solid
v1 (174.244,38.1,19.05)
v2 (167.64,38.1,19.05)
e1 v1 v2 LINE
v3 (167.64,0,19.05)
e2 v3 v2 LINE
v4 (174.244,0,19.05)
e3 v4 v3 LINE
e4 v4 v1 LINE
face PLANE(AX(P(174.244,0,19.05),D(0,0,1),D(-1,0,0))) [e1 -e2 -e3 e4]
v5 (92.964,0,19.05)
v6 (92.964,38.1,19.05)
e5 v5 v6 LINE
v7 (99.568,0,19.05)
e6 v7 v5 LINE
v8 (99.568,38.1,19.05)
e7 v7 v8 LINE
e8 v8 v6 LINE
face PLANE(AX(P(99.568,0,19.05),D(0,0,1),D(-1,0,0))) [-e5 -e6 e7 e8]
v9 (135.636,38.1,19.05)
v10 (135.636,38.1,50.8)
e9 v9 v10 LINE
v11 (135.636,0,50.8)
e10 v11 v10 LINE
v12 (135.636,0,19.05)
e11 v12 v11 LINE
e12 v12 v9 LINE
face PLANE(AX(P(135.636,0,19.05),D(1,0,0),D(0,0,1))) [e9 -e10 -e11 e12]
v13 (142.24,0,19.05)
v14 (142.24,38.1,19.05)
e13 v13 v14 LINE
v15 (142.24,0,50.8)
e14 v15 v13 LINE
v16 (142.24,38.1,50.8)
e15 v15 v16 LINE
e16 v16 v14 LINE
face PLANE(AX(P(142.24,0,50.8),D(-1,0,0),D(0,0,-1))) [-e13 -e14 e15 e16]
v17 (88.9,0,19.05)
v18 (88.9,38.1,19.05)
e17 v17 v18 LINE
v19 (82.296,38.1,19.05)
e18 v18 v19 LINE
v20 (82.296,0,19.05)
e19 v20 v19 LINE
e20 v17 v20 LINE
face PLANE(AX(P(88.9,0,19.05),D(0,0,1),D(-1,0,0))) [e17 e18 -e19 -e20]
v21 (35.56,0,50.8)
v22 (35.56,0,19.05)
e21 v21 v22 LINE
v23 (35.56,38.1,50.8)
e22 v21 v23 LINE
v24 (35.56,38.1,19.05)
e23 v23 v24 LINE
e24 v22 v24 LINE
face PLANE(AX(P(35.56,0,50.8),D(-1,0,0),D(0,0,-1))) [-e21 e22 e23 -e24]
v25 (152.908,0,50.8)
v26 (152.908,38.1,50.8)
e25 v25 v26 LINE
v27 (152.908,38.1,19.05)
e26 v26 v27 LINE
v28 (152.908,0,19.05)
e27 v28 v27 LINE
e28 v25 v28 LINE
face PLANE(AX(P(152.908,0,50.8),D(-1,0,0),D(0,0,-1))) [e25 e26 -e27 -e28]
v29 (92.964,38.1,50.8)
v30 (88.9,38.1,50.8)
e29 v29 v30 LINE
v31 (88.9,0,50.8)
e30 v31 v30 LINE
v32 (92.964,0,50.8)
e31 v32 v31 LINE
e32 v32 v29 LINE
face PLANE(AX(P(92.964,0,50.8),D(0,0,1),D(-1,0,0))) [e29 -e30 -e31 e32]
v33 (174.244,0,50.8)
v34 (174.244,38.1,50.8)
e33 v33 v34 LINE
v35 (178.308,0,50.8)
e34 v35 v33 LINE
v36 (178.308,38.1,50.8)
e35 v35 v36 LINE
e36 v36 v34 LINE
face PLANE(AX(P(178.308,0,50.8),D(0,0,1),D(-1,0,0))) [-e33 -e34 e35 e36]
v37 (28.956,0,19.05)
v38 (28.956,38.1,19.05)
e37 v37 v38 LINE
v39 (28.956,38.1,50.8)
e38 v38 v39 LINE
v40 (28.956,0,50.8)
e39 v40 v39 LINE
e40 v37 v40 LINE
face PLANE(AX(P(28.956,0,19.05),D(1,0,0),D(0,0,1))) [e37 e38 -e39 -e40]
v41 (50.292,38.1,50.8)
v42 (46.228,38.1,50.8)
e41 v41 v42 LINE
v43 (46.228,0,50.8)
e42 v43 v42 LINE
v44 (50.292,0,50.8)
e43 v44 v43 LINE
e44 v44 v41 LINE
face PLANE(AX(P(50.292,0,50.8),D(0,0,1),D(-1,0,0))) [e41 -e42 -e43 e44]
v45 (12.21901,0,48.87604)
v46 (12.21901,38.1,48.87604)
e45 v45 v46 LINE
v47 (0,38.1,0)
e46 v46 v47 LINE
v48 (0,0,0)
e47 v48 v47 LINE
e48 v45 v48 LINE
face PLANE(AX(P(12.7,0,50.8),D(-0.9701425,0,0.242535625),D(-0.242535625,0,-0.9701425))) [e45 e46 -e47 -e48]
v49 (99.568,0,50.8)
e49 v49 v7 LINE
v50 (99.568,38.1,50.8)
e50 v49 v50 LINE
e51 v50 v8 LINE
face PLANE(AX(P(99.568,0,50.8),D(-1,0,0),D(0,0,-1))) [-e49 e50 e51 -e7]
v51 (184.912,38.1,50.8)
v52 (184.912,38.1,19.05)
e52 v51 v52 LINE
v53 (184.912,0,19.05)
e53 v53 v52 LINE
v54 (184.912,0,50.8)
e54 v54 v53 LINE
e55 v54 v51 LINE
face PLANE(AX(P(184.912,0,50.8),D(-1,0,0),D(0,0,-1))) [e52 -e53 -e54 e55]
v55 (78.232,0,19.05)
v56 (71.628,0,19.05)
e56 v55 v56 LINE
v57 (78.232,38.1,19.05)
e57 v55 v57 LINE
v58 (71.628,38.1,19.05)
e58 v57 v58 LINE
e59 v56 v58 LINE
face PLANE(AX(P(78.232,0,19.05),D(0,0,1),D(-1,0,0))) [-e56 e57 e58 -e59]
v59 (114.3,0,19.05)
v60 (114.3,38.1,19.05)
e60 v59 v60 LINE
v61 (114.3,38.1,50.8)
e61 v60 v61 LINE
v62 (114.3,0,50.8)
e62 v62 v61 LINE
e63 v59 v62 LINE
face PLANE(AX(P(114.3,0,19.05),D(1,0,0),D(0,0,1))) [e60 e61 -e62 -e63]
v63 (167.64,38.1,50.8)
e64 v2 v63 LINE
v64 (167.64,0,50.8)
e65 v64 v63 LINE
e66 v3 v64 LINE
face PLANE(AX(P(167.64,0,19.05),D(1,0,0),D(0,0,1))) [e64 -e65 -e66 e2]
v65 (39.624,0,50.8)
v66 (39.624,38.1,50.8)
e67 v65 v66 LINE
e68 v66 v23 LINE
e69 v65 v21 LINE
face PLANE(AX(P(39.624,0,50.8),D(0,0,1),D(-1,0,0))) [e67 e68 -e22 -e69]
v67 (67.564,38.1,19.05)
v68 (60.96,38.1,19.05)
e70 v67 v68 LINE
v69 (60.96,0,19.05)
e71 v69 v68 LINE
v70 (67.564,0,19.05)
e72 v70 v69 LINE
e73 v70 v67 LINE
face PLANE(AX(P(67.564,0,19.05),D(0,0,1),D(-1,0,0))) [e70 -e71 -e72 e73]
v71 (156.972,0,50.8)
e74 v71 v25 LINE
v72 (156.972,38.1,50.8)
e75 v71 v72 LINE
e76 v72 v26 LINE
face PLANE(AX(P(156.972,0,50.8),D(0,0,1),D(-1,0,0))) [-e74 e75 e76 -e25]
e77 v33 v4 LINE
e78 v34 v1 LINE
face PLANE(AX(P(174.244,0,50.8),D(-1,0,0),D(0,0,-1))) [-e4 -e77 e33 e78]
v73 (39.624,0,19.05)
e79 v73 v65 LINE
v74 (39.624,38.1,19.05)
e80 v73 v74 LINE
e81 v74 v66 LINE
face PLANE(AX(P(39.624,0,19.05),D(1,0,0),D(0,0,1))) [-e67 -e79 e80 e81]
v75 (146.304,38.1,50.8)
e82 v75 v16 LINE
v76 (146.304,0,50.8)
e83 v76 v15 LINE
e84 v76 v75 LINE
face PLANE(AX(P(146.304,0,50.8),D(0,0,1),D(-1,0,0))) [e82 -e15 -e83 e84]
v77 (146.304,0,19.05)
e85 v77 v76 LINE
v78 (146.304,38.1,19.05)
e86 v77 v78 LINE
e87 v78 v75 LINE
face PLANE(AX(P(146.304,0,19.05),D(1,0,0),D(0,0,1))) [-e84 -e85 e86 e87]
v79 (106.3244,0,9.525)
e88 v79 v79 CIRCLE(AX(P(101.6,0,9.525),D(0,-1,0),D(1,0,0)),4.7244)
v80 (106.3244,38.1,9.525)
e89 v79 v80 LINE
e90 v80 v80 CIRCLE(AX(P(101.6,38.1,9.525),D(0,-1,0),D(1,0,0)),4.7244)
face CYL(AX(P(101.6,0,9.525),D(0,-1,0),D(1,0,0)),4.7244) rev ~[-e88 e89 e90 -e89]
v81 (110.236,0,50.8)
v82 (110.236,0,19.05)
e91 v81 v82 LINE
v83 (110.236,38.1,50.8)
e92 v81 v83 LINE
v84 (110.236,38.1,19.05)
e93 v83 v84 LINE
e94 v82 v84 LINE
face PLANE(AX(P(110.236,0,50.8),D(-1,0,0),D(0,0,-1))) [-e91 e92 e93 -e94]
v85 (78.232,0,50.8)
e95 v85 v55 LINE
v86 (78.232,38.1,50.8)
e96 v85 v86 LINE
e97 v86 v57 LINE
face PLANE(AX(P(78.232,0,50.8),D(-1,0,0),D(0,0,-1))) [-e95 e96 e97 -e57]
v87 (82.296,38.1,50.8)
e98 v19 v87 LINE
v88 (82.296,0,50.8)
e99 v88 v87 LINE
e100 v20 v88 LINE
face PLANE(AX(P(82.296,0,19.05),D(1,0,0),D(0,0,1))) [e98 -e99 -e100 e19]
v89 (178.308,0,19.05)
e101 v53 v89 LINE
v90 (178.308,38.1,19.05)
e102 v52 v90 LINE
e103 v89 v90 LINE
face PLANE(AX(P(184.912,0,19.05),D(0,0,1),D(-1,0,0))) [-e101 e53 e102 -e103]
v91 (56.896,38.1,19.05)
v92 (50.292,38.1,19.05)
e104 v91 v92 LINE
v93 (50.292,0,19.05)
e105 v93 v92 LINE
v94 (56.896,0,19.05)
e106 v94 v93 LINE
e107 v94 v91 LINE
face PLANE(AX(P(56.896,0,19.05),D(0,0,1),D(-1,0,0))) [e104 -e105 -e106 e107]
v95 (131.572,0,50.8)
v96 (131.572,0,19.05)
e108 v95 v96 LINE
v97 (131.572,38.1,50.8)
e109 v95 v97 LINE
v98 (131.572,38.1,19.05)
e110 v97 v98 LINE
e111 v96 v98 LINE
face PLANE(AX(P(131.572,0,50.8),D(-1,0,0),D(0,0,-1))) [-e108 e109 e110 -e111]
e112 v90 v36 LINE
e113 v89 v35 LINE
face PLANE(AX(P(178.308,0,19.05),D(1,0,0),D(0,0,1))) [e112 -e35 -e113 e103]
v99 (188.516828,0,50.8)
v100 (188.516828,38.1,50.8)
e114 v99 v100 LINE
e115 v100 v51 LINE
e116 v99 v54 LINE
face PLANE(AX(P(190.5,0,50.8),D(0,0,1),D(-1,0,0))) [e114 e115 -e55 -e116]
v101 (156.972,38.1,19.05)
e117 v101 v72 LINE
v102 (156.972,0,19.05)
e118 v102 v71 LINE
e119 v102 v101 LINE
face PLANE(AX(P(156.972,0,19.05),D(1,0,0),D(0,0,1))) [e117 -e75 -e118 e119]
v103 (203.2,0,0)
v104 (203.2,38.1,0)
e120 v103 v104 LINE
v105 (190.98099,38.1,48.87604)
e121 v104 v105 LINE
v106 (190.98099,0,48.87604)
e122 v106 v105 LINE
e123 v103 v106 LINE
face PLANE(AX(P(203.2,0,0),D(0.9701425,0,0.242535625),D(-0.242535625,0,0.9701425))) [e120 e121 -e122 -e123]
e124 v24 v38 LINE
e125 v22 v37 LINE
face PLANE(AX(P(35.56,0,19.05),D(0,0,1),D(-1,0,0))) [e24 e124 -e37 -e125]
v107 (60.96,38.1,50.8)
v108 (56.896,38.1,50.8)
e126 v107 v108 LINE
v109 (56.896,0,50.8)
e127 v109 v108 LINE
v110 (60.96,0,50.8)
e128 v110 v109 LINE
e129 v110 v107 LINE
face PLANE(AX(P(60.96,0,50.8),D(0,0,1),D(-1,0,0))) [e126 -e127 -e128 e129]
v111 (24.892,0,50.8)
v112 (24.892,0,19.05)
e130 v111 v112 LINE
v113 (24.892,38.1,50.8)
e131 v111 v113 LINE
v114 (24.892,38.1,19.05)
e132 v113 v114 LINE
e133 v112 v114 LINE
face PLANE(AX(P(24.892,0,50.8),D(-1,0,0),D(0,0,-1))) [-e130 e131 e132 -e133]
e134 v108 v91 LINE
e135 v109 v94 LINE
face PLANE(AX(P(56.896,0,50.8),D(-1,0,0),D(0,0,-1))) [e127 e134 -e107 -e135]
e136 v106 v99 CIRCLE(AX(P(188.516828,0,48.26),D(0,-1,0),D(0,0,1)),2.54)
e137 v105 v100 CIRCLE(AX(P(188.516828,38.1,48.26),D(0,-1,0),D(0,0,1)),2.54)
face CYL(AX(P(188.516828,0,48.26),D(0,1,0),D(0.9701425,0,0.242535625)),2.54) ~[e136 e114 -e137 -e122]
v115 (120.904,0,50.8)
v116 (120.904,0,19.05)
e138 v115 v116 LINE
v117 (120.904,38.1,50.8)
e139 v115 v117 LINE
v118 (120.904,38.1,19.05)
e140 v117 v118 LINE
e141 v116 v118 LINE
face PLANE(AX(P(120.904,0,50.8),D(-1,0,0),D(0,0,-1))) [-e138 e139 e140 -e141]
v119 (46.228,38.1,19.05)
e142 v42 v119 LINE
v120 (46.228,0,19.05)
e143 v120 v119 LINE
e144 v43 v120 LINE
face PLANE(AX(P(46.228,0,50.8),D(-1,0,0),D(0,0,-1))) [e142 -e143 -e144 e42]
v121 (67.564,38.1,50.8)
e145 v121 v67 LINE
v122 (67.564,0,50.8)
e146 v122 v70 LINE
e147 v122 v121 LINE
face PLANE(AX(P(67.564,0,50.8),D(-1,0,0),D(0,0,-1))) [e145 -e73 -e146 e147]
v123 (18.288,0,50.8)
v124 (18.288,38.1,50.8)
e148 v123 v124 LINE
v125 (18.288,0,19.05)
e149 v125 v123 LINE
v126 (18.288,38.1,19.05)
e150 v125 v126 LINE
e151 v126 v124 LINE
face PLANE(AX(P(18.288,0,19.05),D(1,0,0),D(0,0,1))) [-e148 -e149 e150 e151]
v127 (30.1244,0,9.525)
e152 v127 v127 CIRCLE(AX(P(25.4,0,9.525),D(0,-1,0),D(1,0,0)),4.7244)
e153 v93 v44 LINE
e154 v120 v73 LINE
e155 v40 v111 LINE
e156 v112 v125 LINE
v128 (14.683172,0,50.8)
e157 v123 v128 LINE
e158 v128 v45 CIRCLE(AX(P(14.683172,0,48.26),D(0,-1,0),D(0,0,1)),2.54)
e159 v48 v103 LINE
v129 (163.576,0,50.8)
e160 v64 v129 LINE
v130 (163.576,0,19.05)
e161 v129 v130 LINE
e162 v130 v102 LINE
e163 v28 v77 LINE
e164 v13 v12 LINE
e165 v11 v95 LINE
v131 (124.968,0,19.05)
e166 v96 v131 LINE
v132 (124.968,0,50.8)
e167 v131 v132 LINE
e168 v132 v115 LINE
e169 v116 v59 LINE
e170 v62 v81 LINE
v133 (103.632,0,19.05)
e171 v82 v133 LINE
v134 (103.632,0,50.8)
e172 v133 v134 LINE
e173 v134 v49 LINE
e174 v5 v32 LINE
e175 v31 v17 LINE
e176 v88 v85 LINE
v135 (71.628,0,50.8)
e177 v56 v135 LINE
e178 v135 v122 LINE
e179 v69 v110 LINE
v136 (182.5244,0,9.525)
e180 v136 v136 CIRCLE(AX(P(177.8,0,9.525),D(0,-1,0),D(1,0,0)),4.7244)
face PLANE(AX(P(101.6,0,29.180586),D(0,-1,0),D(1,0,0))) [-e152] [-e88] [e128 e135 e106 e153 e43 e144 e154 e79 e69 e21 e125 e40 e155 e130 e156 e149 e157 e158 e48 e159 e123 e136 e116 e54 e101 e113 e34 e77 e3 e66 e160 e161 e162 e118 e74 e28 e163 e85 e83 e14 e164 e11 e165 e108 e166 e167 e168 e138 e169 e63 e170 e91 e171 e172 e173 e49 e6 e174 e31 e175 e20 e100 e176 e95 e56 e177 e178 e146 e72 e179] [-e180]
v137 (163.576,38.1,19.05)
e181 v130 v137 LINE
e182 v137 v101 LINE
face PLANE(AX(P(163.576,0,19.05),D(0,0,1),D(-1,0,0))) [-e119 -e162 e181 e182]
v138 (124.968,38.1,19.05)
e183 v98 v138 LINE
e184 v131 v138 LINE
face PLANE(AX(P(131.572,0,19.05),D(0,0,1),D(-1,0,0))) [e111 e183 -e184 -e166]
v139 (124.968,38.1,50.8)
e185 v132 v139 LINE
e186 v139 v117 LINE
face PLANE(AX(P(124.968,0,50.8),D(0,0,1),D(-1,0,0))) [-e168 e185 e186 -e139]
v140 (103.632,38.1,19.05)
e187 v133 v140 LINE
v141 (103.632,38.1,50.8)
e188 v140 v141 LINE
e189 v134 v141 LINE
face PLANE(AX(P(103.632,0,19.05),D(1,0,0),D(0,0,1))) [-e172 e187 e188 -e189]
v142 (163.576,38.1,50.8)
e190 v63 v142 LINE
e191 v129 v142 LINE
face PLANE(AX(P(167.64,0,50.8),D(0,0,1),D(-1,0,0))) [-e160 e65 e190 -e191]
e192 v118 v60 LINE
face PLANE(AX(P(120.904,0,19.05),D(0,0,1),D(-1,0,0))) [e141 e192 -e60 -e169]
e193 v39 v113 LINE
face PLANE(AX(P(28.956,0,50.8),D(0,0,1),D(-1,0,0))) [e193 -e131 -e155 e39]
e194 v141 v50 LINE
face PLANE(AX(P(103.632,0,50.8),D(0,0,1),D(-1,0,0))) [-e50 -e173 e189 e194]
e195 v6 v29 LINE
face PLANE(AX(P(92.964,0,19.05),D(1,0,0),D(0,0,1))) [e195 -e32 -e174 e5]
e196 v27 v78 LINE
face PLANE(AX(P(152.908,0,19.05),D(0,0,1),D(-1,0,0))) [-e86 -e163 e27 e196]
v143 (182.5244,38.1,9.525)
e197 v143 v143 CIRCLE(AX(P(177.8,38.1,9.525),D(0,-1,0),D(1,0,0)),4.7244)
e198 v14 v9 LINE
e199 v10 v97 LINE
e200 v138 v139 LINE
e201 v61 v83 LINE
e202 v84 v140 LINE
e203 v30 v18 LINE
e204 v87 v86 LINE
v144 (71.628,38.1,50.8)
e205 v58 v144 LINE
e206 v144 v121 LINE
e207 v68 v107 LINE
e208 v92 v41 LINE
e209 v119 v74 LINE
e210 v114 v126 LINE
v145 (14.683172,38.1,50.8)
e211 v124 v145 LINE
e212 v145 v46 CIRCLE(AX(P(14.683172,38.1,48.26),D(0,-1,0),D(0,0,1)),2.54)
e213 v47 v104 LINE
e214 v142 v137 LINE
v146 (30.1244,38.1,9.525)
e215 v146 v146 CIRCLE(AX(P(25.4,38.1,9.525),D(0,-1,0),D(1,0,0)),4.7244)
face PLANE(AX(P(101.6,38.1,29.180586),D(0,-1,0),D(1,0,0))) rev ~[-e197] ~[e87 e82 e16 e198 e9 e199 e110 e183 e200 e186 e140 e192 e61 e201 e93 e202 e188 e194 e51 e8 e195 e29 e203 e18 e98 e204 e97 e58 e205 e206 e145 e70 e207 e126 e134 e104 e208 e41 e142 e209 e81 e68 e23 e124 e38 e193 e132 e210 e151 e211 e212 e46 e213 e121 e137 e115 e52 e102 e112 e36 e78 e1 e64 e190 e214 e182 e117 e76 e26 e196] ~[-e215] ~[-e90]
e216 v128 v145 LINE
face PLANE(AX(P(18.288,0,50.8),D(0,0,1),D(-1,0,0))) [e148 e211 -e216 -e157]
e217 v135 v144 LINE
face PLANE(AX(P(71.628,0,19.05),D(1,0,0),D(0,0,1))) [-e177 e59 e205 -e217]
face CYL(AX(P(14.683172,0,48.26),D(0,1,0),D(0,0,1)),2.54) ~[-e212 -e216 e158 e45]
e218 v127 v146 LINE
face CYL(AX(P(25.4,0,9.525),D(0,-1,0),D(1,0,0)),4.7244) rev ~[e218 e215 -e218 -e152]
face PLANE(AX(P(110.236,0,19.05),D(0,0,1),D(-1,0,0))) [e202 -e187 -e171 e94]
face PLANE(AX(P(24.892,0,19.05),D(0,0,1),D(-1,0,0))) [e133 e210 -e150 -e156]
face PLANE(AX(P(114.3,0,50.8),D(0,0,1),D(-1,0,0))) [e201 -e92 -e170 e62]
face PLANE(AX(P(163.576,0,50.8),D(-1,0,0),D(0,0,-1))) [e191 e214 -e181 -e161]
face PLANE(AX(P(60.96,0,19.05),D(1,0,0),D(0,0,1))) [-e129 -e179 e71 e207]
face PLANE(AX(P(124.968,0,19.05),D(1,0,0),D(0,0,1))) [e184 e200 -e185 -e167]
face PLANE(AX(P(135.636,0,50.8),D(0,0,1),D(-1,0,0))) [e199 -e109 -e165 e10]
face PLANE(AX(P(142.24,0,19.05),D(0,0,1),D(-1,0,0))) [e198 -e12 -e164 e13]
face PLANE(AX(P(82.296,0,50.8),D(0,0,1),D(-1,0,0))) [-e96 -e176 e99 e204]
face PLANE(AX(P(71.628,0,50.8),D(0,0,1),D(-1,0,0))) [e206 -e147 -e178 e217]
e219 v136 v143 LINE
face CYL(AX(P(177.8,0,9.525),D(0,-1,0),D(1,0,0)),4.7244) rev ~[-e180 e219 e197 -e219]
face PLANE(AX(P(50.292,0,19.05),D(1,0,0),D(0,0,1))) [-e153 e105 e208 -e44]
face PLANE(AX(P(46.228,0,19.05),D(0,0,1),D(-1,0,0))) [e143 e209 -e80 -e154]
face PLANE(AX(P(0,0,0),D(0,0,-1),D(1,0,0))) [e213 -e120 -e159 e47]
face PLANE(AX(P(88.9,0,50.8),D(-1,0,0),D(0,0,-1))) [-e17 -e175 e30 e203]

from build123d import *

# Parameters (mm, degrees)
F0_R     = 4.7244
F1_DEPTH = 38.1
F2_R     = 2.54


with BuildPart() as f1:
    # F0 (on Front) → F1 (new body)
    with BuildSketch(Plane.XZ):
        Polygon((18.288, 50.8), (12.7, 50.8), (0, 0), (203.2, 0), (190.5, 50.8), (184.912, 50.8), (184.912, 19.05), (178.308, 19.05), (178.308, 50.8), (174.244, 50.8), (174.244, 19.05), (167.64, 19.05), (167.64, 50.8), (163.576, 50.8), (163.576, 19.05), (156.972, 19.05), (156.972, 50.8), (152.908, 50.8), (152.908, 19.05), (146.304, 19.05), (146.304, 50.8), (142.24, 50.8), (142.24, 19.05), (135.636, 19.05), (135.636, 50.8), (131.572, 50.8), (131.572, 19.05), (124.968, 19.05), (124.968, 50.8), (120.904, 50.8), (120.904, 19.05), (114.3, 19.05), (114.3, 50.8), (110.236, 50.8), (110.236, 19.05), (103.632, 19.05), (103.632, 50.8), (99.568, 50.8), (99.568, 19.05), (92.964, 19.05), (92.964, 50.8), (88.9, 50.8), (88.9, 19.05), (82.296, 19.05), (82.296, 50.8), (78.232, 50.8), (78.232, 19.05), (71.628, 19.05), (71.628, 50.8), (67.564, 50.8), (67.564, 19.05), (60.96, 19.05), (60.96, 50.8), (56.896, 50.8), (56.896, 19.05), (50.292, 19.05), (50.292, 50.8), (46.228, 50.8), (46.228, 19.05), (39.624, 19.05), (39.624, 50.8), (35.56, 50.8), (35.56, 19.05), (28.956, 19.05), (28.956, 50.8), (24.892, 50.8), (24.892, 19.05), (18.288, 19.05), align=None)
        with Locations((25.4, 9.525)):
            Circle(F0_R, mode=Mode.SUBTRACT)
        with Locations((101.6, 9.525)):
            Circle(F0_R, mode=Mode.SUBTRACT)
        with Locations((177.8, 9.525)):
            Circle(F0_R, mode=Mode.SUBTRACT)
    extrude(amount=-F1_DEPTH)

    # F2
    f2_edges = [f1.edges().sort_by_distance(p)[0] for p in [
        (190.5, 19.05, 50.8),
        (12.7, 19.05, 50.8),
    ]]
    fillet(f2_edges, radius=F2_R)


solid = f1.part
